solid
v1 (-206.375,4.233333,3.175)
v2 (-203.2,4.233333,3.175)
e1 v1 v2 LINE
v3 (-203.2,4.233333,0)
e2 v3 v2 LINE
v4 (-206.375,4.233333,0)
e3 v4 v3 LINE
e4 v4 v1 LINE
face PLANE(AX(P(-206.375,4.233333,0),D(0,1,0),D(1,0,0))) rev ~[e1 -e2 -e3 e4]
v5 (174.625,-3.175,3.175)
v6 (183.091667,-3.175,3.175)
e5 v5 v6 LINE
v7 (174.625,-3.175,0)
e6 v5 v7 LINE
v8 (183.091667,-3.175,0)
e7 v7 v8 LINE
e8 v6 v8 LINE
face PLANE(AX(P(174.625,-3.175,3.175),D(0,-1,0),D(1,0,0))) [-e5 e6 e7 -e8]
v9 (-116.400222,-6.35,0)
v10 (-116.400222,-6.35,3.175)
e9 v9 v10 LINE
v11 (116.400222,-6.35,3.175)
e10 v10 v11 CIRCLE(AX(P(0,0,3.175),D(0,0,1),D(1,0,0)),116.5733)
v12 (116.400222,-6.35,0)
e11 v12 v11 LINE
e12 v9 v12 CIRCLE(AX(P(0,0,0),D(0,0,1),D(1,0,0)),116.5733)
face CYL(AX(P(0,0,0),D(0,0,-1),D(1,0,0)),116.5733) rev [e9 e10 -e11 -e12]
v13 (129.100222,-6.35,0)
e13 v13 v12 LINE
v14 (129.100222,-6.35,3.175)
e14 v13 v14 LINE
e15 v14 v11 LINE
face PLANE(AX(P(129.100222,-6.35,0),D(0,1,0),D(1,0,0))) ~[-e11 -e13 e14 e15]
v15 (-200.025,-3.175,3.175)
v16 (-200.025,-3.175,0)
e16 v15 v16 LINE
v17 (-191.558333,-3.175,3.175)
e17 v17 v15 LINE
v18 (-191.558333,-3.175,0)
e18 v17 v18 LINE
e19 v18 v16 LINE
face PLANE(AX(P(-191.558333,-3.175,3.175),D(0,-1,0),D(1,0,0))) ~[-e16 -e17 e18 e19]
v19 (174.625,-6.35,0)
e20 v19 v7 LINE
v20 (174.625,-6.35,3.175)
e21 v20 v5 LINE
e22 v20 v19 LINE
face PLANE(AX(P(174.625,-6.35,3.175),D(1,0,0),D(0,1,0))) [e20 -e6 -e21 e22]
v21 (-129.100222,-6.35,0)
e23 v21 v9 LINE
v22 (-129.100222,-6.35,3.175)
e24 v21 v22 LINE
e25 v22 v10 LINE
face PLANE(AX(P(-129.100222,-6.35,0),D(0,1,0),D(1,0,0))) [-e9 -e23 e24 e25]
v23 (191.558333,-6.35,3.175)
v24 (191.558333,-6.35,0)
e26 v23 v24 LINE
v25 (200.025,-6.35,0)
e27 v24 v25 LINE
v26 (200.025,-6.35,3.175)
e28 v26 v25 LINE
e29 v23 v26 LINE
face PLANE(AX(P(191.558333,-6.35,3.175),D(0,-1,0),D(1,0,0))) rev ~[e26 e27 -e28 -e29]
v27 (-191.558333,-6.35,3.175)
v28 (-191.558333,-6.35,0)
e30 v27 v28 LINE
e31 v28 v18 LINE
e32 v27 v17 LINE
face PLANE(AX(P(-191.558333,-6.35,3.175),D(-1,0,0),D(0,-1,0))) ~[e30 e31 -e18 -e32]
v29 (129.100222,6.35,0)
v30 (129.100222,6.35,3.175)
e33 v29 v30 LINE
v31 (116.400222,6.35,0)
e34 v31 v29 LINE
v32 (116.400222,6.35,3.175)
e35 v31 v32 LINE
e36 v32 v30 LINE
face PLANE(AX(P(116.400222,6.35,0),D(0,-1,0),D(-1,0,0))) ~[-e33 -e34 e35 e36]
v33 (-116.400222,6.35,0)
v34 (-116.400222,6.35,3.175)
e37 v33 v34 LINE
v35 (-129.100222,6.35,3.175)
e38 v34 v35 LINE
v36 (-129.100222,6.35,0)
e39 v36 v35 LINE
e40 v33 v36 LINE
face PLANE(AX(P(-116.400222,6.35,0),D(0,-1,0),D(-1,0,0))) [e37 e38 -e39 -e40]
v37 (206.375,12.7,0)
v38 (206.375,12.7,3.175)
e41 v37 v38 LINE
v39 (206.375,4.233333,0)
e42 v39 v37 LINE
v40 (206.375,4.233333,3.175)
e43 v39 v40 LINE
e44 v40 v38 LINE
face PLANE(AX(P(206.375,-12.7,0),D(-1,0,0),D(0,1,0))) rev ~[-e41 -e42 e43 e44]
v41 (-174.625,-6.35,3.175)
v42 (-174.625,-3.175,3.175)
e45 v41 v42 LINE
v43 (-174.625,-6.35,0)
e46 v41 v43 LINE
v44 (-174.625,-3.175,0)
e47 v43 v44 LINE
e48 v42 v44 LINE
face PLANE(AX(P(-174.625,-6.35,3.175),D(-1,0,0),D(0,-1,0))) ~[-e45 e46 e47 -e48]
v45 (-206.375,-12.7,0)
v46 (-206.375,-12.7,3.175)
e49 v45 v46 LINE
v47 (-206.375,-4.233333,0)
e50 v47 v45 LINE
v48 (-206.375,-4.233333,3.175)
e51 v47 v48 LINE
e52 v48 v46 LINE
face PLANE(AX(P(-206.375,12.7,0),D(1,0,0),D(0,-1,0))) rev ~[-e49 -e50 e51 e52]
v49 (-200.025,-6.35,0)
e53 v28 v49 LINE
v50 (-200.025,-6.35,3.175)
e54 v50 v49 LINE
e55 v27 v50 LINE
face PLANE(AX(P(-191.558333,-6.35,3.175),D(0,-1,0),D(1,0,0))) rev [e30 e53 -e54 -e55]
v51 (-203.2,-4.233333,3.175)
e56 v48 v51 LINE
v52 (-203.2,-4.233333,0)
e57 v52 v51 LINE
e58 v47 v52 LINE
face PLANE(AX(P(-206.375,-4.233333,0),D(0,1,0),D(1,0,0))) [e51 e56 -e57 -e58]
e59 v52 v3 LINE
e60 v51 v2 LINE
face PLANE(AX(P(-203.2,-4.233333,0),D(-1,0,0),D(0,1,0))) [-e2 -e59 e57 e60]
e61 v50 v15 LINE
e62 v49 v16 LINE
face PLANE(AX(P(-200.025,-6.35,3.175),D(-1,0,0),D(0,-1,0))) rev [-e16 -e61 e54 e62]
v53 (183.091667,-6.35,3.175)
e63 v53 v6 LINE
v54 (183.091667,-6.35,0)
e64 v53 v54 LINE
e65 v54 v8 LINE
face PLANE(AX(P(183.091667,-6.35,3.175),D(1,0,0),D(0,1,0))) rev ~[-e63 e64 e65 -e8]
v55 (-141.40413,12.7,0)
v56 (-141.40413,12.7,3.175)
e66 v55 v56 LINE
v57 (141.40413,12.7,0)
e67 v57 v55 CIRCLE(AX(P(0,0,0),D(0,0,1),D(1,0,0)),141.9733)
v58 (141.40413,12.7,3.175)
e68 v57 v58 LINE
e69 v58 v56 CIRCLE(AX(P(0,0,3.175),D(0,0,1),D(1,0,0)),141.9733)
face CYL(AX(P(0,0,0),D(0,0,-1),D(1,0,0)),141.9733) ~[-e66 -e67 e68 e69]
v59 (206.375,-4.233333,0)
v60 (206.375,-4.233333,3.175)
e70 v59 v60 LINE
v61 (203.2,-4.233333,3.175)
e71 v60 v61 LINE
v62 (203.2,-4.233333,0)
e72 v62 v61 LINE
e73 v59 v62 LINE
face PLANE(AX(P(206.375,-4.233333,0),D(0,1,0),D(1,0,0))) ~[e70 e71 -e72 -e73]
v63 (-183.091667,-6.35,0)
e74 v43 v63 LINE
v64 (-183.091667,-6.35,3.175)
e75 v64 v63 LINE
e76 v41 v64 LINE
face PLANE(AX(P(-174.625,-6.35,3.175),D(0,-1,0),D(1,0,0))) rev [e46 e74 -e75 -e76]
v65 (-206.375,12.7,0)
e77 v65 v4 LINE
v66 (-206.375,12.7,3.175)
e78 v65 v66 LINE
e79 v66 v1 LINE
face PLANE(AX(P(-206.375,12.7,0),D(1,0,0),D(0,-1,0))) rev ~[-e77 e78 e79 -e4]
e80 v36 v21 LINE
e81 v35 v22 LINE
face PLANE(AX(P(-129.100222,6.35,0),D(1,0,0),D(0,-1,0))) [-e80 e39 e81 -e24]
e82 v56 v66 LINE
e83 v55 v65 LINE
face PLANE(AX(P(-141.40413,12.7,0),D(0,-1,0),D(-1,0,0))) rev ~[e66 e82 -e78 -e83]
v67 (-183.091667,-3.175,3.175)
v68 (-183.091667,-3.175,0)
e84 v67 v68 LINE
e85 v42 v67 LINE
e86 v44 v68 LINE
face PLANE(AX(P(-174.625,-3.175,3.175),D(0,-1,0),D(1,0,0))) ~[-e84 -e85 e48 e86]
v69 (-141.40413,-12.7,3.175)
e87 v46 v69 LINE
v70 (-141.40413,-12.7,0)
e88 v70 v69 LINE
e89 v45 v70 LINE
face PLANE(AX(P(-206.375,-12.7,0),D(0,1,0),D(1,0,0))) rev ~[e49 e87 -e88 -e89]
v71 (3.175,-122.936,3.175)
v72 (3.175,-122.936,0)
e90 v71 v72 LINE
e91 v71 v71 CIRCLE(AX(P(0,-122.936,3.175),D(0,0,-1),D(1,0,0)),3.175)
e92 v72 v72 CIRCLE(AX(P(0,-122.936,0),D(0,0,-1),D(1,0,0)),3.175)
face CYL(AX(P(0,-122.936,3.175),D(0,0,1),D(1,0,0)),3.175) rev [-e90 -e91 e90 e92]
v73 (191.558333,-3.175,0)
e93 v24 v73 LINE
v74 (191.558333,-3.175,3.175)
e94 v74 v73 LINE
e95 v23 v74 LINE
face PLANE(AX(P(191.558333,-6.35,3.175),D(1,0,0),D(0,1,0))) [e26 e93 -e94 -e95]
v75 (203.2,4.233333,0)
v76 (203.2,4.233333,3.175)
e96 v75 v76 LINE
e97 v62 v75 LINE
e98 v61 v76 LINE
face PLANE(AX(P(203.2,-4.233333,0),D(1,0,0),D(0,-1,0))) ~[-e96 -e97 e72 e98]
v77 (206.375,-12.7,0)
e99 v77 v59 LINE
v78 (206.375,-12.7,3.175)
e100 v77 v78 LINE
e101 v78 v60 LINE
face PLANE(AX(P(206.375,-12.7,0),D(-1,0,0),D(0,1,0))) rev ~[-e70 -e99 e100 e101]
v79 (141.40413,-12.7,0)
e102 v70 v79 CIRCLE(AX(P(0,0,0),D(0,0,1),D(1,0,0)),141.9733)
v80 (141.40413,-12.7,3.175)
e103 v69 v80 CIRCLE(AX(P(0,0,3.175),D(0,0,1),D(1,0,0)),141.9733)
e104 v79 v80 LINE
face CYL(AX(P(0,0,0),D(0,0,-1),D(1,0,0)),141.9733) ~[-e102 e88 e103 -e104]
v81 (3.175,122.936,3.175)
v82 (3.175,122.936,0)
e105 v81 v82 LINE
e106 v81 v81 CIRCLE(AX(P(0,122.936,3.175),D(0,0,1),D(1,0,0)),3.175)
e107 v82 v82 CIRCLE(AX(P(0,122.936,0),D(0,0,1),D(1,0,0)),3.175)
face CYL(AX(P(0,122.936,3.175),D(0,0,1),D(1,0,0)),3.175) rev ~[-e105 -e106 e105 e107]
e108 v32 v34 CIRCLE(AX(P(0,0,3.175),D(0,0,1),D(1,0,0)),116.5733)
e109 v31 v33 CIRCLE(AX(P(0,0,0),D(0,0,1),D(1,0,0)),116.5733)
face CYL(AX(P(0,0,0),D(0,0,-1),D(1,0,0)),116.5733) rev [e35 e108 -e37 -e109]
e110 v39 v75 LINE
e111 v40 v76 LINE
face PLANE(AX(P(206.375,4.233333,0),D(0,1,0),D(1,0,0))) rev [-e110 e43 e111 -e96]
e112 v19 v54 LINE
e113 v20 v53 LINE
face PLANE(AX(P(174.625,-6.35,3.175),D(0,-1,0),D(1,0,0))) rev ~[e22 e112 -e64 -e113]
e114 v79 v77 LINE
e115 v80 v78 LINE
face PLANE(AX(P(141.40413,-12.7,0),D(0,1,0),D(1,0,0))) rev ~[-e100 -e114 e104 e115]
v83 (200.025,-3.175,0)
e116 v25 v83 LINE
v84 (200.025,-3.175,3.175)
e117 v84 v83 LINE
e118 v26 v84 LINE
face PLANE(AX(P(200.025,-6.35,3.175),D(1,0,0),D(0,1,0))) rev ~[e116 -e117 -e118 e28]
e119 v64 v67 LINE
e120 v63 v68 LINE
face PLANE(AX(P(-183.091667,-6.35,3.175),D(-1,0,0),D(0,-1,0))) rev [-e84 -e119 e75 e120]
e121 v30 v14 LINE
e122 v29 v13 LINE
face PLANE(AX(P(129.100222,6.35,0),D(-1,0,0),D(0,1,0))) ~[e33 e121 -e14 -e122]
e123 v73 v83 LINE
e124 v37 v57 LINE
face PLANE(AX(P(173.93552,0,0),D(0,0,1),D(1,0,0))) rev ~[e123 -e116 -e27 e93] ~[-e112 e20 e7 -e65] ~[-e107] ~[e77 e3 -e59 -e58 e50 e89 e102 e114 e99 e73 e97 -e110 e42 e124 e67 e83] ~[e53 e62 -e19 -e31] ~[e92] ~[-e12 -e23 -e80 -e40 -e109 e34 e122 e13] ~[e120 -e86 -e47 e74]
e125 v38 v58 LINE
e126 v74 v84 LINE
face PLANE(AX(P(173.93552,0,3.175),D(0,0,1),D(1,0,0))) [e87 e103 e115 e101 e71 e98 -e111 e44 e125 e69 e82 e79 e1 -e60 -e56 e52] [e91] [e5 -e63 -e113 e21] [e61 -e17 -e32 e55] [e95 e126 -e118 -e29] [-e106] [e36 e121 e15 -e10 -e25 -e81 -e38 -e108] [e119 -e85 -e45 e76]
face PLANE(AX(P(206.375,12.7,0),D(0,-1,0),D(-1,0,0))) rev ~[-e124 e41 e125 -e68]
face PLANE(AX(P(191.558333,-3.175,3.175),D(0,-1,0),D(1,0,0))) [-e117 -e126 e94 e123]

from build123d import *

# Parameters (mm, degrees)
SKETCH1_R           = 141.9733
SKETCH1_R_2         = 116.5733
BOSS_EXTRUDE1_DEPTH = 3.175
CUT_EXTRUDE1_START  = -3.175
SKETCH2_W           = 3.175
SKETCH2_H           = 8.466666666
CUT_EXTRUDE1_DEPTH  = 3.175
SKETCH3_R           = 3.175
CUT_EXTRUDE2_DEPTH  = 3.175
SKETCH4_W           = 8.466666667
SKETCH4_H           = 3.175
CUT_EXTRUDE3_DEPTH  = 3.175


with BuildPart() as part:
    # Sketch1 → Boss-Extrude1 (new body)
    # profile 1 of 3: a face of its own
    with BuildSketch(Plane.XY):
        with BuildLine():
            Line((-206.375, -12.7), (-141.404129759, -12.7))
            ThreePointArc((-141.404129759, -12.7), (-141.9733, 0), (-141.404129759, 12.7))
            Line((-141.404129759, 12.7), (-206.375, 12.7))
            Line((-206.375, 12.7), (-206.375, -12.7))
        make_face()
    # profile 2 of 3: a face of its own
    with BuildSketch(Plane.XY):
        Circle(SKETCH1_R)
        Circle(SKETCH1_R_2, mode=Mode.SUBTRACT)
    # profile 3 of 3: a face of its own
    with BuildSketch(Plane.XY):
        with BuildLine():
            ThreePointArc((141.9733, 0), (141.830936062, -6.356373863), (141.404129759, -12.7))
            Line((141.404129759, -12.7), (206.375, -12.7))
            Line((206.375, -12.7), (206.375, 12.7))
            Line((206.375, 12.7), (141.404129759, 12.7))
            ThreePointArc((141.404129759, 12.7), (141.830936062, 6.356373863), (141.9733, 0))
        make_face()
    extrude(amount=BOSS_EXTRUDE1_DEPTH)

    # Sketch2 → Cut-Extrude1 (cut)
    with BuildSketch(Plane.XY.offset(3.175).offset(CUT_EXTRUDE1_START)):
        with Locations((-204.7875, 0)):
            Rectangle(SKETCH2_W, SKETCH2_H)
        with BuildLine():
            Line((-116.400222392, 6.35), (-129.100222392, 6.35))
            Line((-129.100222392, 6.35), (-129.100222392, -6.35))
            Line((-129.100222392, -6.35), (-116.400222392, -6.35))
            ThreePointArc((-116.400222392, -6.35), (-116.5733, 0), (-116.400222392, 6.35))
        make_face()
    cut_extrude1 = extrude(amount=CUT_EXTRUDE1_DEPTH, mode=Mode.SUBTRACT)

    # Mirror1: Cut-Extrude1 across plane
    add(cut_extrude1.mirror(Plane(origin=(0, 0, 0), x_dir=(0, 0, 1), z_dir=(1, 0, 0))), mode=Mode.SUBTRACT)

    # Sketch3 → Cut-Extrude2 (cut)
    with BuildSketch(Plane.XY.offset(3.175)):
        with Locations((0, 122.936)):
            Circle(SKETCH3_R)
    cut_extrude2 = extrude(amount=-CUT_EXTRUDE2_DEPTH, mode=Mode.SUBTRACT)

    # Mirror2: Cut-Extrude2 across plane
    add(cut_extrude2.mirror(Plane.ZX), mode=Mode.SUBTRACT)

    # Sketch4 → Cut-Extrude3 (cut)
    with BuildSketch(Plane.XY.offset(3.175)):
        with Locations((195.791666667, -4.7625)):
            Rectangle(SKETCH4_W, SKETCH4_H)
        with Locations((178.858333334, -4.7625)):
            Rectangle(SKETCH4_W, SKETCH4_H)
    cut_extrude3 = extrude(amount=-CUT_EXTRUDE3_DEPTH, mode=Mode.SUBTRACT)

    # Mirror3: Cut-Extrude3 across plane
    add(cut_extrude3.mirror(Plane(origin=(0, 0, 0), x_dir=(0, 0, 1), z_dir=(1, 0, 0))), mode=Mode.SUBTRACT)


solid = part.part
